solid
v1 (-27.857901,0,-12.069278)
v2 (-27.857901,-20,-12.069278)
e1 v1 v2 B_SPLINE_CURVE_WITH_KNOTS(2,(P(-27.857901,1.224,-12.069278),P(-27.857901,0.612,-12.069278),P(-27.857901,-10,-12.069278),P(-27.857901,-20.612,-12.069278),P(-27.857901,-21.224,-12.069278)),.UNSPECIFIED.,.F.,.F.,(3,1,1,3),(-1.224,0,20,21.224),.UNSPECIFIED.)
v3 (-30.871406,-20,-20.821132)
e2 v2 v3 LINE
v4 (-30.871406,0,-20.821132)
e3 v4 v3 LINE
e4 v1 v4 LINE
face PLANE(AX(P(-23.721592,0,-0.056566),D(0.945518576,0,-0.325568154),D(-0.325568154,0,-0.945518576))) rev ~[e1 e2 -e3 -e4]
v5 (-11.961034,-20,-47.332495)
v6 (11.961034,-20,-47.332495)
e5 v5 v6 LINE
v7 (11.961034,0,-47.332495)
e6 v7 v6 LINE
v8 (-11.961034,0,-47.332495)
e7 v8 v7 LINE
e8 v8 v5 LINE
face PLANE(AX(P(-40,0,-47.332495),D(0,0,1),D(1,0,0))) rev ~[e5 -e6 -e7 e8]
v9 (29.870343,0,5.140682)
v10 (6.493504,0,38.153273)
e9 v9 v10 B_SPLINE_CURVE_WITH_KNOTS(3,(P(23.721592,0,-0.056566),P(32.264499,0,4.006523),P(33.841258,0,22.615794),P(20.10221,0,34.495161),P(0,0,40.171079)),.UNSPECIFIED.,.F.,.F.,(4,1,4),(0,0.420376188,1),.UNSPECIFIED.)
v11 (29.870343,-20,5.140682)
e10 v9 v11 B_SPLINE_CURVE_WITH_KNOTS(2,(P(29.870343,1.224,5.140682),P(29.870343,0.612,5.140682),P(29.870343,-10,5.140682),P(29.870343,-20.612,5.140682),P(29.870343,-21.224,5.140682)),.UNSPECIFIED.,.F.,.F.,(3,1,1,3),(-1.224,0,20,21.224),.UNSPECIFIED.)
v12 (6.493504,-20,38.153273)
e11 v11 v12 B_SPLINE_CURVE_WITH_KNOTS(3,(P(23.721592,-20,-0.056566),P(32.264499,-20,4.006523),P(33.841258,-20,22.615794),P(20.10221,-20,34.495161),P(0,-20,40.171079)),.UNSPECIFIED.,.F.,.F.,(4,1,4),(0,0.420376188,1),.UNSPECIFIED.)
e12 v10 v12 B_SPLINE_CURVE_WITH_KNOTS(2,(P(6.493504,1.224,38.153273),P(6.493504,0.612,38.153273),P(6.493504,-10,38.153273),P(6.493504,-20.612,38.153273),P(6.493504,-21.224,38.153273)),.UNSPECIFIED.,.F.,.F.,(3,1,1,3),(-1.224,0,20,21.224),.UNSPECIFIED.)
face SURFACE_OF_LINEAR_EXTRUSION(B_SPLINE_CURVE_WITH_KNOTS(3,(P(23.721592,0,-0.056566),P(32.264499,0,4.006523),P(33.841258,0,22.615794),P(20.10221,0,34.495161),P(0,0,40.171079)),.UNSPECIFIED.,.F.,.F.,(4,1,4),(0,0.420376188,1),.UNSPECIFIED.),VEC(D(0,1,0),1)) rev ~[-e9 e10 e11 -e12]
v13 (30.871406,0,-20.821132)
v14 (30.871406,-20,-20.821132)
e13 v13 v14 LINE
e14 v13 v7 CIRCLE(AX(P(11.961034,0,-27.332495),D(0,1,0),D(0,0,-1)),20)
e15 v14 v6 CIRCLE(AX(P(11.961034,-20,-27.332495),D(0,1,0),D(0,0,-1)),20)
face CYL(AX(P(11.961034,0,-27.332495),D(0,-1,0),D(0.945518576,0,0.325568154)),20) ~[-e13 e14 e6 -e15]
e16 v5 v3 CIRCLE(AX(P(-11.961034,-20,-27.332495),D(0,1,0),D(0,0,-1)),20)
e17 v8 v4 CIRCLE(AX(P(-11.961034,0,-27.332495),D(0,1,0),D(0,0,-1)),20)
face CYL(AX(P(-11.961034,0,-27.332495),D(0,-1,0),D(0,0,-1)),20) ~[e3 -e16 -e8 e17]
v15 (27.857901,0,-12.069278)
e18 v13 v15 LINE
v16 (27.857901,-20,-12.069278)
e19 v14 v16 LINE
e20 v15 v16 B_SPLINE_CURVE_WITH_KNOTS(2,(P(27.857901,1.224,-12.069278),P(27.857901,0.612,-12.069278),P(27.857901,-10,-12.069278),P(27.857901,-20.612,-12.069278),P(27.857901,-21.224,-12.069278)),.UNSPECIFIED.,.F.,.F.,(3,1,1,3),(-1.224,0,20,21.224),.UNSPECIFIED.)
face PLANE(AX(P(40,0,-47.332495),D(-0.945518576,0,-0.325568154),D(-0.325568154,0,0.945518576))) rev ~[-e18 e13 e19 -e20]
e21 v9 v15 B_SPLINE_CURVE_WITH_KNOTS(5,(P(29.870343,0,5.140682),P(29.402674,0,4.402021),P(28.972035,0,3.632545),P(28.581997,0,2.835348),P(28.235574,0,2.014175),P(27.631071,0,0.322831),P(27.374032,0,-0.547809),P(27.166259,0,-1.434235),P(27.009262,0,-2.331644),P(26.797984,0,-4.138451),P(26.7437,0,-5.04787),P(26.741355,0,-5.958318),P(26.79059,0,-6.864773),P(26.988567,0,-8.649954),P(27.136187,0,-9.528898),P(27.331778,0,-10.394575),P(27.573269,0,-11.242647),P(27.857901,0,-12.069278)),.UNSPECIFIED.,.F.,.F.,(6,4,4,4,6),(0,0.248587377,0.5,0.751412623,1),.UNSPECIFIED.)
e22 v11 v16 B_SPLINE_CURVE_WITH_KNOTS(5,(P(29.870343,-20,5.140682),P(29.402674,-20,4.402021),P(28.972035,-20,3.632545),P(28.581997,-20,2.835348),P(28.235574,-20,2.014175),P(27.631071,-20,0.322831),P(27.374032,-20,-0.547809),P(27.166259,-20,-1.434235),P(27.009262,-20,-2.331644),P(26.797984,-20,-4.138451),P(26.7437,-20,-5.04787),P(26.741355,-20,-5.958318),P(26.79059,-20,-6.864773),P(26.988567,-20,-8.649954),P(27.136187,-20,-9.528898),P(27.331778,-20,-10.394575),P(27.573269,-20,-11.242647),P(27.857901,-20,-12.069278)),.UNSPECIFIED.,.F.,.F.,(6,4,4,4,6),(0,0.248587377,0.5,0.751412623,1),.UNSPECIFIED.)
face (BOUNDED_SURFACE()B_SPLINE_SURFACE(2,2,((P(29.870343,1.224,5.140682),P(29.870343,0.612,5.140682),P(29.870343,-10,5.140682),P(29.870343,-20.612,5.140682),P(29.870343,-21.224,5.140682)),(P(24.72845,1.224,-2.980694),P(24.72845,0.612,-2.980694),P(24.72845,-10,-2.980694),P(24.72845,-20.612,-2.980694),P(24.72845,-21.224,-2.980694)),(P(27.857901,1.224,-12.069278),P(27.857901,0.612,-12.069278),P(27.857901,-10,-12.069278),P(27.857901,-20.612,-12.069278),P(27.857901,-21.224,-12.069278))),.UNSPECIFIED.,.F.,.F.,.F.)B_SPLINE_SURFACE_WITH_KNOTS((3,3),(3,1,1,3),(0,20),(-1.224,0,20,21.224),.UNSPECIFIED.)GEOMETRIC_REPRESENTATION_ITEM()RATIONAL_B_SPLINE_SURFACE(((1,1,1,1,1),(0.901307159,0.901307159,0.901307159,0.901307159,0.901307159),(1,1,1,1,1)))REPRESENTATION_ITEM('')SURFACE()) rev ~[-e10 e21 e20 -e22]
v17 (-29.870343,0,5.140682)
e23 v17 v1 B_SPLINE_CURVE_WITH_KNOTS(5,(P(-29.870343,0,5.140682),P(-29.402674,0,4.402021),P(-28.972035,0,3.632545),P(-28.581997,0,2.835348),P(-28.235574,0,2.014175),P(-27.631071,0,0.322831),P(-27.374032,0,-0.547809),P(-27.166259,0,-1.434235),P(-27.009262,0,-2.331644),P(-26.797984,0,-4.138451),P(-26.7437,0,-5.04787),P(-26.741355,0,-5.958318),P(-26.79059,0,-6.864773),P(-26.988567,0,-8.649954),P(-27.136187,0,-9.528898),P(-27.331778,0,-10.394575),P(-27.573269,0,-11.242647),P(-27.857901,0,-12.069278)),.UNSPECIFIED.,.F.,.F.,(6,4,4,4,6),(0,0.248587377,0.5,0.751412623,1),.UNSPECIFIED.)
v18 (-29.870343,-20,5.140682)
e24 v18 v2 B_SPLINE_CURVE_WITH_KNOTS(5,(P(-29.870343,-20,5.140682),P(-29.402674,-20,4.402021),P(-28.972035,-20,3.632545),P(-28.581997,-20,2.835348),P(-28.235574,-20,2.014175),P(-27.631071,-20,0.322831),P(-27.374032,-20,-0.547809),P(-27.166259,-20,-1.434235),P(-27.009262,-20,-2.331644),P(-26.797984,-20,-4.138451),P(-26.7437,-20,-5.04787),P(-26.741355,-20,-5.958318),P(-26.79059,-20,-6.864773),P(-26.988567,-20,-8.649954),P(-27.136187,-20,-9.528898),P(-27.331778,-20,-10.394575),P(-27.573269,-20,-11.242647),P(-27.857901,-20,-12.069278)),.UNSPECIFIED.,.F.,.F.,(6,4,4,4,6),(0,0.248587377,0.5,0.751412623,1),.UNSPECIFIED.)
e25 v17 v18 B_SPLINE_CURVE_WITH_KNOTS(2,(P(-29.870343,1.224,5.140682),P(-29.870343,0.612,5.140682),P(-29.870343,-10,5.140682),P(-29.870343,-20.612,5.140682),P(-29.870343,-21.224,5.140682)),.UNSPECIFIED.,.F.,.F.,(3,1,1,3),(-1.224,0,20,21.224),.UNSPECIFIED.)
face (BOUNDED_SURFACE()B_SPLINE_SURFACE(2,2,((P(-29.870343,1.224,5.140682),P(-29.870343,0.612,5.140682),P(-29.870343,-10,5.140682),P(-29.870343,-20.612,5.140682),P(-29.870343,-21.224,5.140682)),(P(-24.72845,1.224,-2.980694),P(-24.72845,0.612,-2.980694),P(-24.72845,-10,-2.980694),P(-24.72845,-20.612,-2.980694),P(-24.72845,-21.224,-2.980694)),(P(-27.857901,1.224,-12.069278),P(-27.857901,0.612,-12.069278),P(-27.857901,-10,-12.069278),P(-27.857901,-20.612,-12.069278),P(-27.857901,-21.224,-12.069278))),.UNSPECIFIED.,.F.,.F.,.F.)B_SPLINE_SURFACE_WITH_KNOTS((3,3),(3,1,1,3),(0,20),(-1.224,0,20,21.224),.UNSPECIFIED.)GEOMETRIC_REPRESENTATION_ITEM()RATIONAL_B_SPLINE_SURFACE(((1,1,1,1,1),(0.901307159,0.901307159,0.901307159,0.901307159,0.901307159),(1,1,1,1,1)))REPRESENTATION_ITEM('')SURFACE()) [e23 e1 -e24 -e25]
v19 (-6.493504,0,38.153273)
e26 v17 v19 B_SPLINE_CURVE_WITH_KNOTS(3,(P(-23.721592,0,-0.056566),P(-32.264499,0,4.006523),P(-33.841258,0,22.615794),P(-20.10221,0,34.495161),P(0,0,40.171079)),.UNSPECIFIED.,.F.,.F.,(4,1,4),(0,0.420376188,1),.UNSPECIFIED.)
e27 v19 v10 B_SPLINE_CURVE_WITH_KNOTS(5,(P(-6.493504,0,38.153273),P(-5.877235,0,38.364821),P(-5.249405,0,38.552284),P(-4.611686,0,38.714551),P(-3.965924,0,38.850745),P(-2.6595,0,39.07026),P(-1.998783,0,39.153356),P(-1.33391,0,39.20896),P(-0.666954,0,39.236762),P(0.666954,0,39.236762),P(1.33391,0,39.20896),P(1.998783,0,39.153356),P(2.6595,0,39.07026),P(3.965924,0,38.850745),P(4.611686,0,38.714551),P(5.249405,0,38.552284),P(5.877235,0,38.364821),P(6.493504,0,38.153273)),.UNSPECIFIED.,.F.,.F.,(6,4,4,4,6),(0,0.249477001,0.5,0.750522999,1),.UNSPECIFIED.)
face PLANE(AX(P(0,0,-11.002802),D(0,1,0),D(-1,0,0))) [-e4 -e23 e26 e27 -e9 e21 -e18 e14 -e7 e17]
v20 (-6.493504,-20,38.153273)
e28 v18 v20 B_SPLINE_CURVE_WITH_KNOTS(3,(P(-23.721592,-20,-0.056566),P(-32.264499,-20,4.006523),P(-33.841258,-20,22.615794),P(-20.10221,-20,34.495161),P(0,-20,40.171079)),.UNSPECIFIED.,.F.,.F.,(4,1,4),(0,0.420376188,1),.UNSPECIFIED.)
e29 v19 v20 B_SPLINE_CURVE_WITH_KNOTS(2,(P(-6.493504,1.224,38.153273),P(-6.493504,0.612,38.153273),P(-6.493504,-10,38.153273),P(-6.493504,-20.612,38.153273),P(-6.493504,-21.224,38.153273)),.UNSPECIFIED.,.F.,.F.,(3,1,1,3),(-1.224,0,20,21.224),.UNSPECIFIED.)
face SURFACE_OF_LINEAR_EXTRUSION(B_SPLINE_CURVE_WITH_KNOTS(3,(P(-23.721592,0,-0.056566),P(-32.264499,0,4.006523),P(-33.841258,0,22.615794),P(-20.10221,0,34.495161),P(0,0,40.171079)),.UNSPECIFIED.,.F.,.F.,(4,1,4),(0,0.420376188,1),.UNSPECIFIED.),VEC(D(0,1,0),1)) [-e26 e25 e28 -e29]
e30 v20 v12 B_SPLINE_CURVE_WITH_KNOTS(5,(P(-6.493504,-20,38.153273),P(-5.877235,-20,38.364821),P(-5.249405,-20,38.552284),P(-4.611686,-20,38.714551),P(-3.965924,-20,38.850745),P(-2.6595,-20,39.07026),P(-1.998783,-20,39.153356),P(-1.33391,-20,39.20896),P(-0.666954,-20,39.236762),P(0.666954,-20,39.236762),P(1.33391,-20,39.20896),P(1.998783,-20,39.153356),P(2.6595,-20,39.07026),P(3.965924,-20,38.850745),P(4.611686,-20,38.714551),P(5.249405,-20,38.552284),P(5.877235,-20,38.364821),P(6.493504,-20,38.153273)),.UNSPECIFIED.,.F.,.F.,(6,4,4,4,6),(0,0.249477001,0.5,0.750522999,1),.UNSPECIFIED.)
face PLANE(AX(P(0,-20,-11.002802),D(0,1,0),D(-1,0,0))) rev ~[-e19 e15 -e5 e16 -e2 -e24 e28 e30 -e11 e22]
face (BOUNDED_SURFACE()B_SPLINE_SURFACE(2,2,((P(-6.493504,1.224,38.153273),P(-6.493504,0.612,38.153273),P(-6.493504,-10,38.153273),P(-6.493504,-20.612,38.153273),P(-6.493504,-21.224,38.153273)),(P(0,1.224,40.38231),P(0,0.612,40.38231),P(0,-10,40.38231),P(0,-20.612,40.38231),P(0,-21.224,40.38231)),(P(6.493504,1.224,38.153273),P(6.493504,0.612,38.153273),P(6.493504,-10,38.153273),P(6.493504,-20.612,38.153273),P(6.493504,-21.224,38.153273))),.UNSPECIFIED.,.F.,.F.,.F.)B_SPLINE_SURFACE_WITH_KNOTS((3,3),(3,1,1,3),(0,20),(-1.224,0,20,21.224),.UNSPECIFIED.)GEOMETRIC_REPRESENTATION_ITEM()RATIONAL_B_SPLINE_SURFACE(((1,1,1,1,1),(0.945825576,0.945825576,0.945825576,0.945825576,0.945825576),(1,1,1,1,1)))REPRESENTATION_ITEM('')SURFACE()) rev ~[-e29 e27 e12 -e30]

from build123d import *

# Parameters (mm, degrees)
F1_DEPTH = 20
F2_R     = 20


with BuildPart() as f1:
    # F0 (on Front) → F1 (new body)
    with BuildSketch(Plane.XZ):
        with BuildLine():
            add(Edge.make_bspline(
                [(-23.7215922771, -0.0565661716), (-32.264498736, 4.0065232282), (-33.8412582559, 22.6157940639), (-20.1022097981, 34.4951609886), (0, 40.1710787023)],
                knots=[0, 0, 0, 0, 0.4203761881, 1, 1, 1, 1], degree=3))
            Line((-23.7215922771, -0.0565661716), (-40, -47.3324949516))
            Line((-40, -47.3324949516), (0, -47.3324949516))
            Line((0, -47.3324949516), (40, -47.3324949516))
            Line((40, -47.3324949516), (23.7215922771, -0.0565661716))
            add(Edge.make_bspline(
                [(23.7215922771, -0.0565661716), (32.264498736, 4.0065232282), (33.8412582559, 22.6157940639), (20.1022097981, 34.4951609886), (0, 40.1710787023)],
                knots=[0, 0, 0, 0, 0.4203761881, 1, 1, 1, 1], degree=3))
        make_face()
    extrude(amount=F1_DEPTH)

    # F2
    f2_edges = [f1.edges().sort_by_distance(p)[0] for p in [
        (0, -10, 40.171079),
        (40, -10, -47.332495),
        (-23.721592, -10, -0.056566),
        (23.721592, -10, -0.056566),
        (-40, -10, -47.332495),
    ]]
    fillet(f2_edges, radius=F2_R)


solid = f1.part
